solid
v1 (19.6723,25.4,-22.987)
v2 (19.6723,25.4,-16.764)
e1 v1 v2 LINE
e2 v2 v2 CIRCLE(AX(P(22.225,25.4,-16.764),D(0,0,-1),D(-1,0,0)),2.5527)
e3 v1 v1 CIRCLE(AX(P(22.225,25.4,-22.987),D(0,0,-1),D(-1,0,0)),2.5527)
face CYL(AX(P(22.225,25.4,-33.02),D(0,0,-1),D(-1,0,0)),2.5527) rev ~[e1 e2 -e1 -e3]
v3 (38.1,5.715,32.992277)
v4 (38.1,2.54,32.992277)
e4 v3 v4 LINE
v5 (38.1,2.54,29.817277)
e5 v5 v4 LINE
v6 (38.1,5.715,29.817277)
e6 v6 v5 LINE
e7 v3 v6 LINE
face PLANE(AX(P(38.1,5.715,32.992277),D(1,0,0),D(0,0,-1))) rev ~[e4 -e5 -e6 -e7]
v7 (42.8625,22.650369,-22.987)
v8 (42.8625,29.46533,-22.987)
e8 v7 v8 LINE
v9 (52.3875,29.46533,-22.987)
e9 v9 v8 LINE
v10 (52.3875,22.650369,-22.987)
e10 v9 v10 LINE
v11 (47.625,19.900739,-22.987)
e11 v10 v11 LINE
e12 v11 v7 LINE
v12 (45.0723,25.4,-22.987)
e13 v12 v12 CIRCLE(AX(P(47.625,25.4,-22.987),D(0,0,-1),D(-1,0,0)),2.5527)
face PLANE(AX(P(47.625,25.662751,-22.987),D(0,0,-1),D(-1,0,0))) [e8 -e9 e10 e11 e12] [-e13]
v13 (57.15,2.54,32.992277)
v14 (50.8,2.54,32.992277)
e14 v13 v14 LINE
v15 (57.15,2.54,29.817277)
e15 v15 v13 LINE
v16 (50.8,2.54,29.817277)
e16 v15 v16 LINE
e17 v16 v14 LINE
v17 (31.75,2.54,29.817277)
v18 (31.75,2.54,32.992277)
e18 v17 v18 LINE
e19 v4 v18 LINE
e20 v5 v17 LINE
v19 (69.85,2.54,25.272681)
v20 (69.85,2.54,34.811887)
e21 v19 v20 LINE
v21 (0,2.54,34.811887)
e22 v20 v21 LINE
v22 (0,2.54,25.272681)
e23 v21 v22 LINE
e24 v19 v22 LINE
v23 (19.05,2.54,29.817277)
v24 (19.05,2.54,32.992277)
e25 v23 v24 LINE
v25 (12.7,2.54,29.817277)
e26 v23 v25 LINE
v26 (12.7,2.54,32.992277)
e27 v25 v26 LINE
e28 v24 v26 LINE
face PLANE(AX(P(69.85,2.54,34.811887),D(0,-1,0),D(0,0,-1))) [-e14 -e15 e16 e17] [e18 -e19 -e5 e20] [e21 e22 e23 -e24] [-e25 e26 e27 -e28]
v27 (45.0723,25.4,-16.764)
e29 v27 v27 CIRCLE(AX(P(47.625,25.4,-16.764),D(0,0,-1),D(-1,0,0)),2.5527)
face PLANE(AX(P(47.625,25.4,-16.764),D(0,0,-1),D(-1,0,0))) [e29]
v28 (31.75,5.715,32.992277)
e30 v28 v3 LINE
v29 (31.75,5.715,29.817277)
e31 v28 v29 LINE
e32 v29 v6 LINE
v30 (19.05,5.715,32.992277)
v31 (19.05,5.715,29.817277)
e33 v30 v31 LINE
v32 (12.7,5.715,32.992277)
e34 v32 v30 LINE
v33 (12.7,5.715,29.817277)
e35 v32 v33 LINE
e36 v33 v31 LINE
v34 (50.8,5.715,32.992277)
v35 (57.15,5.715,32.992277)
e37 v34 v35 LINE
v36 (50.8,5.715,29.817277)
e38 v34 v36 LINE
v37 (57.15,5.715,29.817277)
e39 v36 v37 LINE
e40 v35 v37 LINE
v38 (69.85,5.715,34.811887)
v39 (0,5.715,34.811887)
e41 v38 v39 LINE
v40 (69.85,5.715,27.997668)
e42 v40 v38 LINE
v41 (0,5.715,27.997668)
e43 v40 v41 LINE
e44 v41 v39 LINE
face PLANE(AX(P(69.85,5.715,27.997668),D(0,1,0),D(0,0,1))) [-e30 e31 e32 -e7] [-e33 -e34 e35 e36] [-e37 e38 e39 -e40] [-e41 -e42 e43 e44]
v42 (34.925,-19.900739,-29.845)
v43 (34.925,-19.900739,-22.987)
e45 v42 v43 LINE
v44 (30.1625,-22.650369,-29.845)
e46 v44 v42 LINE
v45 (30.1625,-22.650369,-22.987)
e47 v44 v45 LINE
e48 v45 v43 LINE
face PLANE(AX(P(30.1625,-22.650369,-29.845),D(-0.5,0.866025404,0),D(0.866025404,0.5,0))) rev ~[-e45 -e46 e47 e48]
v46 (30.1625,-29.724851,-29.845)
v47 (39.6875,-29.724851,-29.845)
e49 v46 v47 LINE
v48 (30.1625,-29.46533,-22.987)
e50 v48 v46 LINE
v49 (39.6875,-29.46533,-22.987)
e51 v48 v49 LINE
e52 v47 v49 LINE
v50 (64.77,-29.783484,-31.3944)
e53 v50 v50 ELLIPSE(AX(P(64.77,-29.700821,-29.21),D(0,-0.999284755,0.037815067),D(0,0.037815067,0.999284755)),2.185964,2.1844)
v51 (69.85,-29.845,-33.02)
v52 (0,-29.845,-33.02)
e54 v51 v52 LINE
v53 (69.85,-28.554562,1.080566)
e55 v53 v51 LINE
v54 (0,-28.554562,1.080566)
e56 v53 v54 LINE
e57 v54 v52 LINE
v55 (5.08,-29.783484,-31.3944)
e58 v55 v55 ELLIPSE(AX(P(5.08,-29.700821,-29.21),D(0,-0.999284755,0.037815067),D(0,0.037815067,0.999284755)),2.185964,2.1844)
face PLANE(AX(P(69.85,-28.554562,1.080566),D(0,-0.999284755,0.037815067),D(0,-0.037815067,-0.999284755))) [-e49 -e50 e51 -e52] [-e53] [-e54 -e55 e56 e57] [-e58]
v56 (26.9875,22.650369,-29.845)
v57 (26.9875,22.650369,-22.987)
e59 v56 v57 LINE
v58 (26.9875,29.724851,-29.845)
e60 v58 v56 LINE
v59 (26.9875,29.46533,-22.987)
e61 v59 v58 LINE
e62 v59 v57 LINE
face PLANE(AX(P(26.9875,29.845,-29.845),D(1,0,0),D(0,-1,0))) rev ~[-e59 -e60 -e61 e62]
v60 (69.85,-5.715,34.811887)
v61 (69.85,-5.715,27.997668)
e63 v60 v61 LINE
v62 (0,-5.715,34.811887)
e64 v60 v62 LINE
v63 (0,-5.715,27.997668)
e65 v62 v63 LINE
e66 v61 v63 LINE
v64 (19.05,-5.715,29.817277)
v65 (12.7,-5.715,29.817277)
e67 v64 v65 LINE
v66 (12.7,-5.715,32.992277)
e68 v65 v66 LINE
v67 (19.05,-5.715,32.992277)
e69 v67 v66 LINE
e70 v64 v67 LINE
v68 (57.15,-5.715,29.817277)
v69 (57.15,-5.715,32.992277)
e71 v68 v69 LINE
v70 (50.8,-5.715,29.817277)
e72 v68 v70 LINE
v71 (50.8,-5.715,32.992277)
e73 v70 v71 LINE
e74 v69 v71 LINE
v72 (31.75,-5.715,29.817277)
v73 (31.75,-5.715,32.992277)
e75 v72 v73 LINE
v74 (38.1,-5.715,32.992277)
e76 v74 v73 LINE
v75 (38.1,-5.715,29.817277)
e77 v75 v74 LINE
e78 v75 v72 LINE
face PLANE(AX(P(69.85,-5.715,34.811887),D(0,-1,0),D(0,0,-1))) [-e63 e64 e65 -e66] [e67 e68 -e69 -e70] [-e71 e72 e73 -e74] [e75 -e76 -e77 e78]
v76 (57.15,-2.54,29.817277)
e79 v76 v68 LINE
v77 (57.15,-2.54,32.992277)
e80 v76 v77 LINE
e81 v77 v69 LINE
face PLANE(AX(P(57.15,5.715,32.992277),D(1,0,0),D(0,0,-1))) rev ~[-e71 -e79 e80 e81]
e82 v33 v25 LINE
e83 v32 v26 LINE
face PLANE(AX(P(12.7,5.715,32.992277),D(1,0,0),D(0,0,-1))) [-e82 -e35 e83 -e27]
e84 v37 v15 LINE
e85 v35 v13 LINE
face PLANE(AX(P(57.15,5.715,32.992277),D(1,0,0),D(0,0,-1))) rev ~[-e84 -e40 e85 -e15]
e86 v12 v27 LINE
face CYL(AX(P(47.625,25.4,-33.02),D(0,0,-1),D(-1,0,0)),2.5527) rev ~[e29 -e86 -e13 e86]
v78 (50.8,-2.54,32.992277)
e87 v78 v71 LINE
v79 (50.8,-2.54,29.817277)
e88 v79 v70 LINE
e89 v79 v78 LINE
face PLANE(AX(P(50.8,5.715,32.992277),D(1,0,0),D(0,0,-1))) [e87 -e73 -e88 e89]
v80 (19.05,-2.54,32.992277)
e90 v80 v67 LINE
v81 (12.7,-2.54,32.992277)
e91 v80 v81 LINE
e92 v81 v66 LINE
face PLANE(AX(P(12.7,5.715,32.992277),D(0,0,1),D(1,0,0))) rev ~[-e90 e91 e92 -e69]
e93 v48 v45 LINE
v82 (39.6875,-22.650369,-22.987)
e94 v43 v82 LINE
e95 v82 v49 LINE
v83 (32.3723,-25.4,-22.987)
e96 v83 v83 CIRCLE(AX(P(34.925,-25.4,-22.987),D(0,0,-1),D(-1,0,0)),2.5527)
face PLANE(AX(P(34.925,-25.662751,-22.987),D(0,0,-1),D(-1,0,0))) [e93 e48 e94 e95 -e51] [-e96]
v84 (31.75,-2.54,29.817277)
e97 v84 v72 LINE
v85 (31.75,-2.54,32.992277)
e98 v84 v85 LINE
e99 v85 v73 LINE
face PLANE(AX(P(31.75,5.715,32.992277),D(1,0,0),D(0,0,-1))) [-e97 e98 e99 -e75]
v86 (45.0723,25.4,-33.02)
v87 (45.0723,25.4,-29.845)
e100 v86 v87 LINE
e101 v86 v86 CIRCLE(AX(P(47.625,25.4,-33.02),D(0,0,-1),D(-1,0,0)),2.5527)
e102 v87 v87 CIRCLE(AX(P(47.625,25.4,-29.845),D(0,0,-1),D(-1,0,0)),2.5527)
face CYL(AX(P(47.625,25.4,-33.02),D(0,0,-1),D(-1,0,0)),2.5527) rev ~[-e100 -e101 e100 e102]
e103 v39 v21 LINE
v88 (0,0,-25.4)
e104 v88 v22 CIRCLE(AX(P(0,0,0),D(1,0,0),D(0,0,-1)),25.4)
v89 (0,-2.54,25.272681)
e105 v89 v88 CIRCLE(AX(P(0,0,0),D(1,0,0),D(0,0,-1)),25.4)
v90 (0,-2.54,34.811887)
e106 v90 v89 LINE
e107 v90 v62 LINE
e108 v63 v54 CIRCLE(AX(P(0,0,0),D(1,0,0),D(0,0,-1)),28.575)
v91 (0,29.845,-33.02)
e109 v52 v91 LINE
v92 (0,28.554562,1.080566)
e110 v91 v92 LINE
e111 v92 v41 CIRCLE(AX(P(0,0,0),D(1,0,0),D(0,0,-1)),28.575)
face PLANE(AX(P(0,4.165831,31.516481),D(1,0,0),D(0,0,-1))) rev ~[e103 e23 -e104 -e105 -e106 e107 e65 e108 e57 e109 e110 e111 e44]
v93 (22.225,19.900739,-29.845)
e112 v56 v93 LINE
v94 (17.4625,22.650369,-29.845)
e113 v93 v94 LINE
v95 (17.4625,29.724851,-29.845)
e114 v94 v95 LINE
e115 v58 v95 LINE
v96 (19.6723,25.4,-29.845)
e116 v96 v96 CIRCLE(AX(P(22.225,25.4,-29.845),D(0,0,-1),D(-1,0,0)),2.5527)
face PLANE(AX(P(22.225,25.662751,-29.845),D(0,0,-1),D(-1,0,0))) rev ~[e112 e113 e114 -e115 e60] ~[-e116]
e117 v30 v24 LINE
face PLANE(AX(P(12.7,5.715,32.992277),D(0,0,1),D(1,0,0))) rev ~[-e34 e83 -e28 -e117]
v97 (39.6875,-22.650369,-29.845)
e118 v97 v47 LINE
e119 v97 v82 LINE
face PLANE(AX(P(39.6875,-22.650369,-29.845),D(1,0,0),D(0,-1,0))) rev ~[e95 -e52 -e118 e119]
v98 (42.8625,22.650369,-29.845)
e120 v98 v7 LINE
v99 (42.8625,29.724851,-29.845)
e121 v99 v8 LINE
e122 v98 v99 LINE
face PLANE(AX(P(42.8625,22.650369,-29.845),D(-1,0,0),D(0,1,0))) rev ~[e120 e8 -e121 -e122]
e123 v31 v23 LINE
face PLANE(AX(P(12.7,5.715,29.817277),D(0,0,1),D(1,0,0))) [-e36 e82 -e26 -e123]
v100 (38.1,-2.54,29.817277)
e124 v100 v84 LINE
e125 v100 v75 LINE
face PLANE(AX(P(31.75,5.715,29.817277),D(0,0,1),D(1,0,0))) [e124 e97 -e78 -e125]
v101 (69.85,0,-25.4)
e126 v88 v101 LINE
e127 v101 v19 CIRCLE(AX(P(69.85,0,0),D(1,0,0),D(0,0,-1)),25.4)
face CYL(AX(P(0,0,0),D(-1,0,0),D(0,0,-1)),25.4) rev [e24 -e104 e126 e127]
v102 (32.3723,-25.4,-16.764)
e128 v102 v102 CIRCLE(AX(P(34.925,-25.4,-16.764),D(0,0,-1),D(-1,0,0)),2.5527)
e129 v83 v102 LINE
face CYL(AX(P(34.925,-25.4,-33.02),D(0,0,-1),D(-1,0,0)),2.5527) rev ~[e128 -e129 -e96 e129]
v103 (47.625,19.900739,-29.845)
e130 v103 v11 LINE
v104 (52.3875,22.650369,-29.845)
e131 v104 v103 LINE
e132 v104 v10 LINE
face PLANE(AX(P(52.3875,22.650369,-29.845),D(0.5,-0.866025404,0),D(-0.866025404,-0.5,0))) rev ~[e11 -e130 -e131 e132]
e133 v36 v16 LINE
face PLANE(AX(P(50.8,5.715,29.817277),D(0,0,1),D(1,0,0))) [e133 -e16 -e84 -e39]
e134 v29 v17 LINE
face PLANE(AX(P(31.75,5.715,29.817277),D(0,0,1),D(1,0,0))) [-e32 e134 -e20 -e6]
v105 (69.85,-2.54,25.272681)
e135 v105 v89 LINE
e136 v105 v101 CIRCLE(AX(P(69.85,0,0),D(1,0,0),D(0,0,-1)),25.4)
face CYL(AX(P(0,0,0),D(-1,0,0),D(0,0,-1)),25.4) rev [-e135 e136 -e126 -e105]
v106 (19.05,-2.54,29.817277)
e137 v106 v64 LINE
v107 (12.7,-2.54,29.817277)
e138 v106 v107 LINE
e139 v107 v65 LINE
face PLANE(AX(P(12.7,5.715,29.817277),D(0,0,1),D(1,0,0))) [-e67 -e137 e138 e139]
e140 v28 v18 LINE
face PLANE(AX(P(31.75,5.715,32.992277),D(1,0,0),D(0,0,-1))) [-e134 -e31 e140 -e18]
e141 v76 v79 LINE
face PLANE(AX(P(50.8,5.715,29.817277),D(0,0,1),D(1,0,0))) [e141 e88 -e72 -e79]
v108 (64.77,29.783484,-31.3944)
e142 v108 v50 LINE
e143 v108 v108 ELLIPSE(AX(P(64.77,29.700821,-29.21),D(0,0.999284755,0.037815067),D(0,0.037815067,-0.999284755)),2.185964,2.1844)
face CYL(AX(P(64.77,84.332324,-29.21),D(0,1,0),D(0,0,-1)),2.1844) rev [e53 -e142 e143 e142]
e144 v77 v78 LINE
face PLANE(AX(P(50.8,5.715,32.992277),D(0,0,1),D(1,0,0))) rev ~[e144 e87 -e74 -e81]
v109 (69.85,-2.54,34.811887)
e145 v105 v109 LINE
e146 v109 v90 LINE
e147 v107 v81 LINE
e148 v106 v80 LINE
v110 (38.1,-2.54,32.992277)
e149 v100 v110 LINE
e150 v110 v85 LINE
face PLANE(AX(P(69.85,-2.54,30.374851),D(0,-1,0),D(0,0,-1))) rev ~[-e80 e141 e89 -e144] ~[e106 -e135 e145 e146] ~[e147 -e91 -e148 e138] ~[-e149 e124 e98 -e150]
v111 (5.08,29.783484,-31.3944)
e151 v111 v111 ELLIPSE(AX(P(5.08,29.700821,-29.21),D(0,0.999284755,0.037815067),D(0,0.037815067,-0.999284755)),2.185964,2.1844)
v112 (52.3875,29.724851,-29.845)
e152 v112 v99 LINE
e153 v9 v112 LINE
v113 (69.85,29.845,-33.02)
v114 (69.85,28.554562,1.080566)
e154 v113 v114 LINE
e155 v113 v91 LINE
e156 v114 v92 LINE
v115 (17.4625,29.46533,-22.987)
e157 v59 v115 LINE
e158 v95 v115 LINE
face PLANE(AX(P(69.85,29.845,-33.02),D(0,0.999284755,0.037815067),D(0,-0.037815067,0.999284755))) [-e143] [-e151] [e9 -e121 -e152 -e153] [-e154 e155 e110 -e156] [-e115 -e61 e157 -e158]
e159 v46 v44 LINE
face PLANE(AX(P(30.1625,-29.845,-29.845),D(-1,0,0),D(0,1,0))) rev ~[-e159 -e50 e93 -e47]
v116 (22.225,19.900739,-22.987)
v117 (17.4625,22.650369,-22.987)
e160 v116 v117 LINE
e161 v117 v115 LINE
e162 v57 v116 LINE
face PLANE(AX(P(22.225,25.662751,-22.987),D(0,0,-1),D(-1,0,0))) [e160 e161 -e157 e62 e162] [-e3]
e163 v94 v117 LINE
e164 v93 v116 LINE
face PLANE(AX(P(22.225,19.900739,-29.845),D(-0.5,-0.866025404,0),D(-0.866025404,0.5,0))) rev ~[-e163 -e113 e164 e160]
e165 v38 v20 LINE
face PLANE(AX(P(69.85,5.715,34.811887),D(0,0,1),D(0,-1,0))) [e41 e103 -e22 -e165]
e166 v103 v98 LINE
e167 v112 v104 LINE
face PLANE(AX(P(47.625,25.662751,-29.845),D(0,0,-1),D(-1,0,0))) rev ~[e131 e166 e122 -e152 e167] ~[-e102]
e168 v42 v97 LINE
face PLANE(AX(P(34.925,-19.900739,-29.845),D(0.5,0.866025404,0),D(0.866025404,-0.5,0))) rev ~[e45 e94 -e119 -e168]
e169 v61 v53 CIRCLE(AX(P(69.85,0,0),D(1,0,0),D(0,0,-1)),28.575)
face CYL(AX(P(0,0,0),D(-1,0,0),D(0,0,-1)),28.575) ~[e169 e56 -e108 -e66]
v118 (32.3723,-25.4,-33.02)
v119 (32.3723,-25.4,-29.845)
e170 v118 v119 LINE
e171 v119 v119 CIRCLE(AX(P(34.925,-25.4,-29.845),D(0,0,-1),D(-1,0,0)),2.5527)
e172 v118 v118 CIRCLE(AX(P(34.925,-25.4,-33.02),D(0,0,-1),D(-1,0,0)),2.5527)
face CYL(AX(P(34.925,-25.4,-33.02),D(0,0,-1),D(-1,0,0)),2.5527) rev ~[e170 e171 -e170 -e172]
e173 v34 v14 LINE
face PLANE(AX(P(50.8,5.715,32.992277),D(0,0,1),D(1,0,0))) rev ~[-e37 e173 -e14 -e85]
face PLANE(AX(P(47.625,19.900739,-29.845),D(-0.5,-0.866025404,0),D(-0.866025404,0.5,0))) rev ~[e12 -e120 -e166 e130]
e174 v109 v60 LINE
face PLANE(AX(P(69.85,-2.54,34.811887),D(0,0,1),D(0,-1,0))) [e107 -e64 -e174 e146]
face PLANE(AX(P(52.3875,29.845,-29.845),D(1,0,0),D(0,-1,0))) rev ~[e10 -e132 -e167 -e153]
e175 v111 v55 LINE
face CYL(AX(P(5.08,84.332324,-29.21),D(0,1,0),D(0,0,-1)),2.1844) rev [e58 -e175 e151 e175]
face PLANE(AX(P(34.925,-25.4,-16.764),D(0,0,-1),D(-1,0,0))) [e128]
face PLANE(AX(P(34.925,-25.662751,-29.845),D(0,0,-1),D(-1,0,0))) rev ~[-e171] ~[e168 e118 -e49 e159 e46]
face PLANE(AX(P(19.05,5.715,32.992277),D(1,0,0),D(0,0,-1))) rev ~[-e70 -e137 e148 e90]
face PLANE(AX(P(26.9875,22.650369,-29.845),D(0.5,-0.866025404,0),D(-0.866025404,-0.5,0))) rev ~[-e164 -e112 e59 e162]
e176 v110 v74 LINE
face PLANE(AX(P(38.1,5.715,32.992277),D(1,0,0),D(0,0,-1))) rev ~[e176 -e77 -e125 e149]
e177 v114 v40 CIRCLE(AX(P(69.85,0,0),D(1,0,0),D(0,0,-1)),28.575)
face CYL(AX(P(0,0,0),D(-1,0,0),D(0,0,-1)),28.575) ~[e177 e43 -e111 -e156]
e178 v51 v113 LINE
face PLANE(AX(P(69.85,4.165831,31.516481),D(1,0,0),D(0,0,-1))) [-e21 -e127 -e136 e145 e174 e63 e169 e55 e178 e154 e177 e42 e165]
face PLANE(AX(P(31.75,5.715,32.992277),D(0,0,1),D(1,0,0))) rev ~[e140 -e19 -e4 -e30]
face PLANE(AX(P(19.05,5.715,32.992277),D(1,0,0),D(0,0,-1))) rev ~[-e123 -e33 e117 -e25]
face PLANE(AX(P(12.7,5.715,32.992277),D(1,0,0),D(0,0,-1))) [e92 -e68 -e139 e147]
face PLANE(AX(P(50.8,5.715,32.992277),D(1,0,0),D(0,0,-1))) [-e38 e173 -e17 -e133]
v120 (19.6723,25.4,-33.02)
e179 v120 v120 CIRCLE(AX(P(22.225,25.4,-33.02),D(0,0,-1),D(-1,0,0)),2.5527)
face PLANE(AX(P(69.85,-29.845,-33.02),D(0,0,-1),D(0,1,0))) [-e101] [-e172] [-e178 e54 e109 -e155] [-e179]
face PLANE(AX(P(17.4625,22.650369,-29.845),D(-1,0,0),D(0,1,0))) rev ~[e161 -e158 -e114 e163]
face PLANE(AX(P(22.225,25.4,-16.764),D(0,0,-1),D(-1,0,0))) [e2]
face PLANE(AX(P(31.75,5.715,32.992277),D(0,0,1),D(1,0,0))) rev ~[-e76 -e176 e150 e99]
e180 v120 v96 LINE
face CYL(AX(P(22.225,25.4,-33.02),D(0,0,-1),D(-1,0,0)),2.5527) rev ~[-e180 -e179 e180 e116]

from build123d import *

# Parameters (mm, degrees)
SKETCH1_R               = 28.575
SKETCH1_R_2             = 25.4
BOSS_EXTRUDE1_DEPTH     = 69.85
BOSS_EXTRUDE2_DEPTH     = 69.85
SKETCH4_R               = 2.5527
CUT_EXTRUDE1_DEPTH      = 16.256
CUT_EXTRUDE2_DEPTH      = 6.858
SKETCH9_W               = 9.949702626
SKETCH9_H               = 5.08
CUT_EXTRUDE3_DEPTH      = 83.825520976
BOSS_EXTRUDE3_DEPTH     = 69.85
SKETCH11_W              = 6.35
SKETCH11_H              = 3.175
CUT_EXTRUDE4_DEPTH      = 86.763649601
CUT_EXTRUDE5_DEPTH      = 84.332323558
CUT_EXTRUDE5_DEPTH_BACK = 84.332323558
SKETCH13_R              = 2.1844


with BuildPart() as part:
    # Sketch1 → Boss-Extrude1 (new body)
    with BuildSketch(Plane(origin=(0, 0, 0), x_dir=(0, 0, -1), z_dir=(1, 0, 0))):
        Circle(SKETCH1_R)
        Circle(SKETCH1_R_2, mode=Mode.SUBTRACT)
    extrude(amount=BOSS_EXTRUDE1_DEPTH)

    # Sketch2 → Boss-Extrude2 (add, through all)
    with BuildSketch(Plane(origin=(69.85, 0, 0), x_dir=(0, 0, -1), z_dir=(1, 0, 0))):
        with BuildLine():
            Line((33.02, -29.845), (33.02, 29.845))
            Line((33.02, 29.845), (-1.080565529, 28.554561862))
            ThreePointArc((-1.080565529, 28.554561862), (28.575, 0), (-1.080565529, -28.554561862))
            Line((-1.080565529, -28.554561862), (33.02, -29.845))
        make_face()
    extrude(amount=-BOSS_EXTRUDE2_DEPTH)

    # Sketch4 → Cut-Extrude1 (cut)
    with BuildSketch(Plane(origin=(0, 0, -33.02), x_dir=(-1, 0, 0), z_dir=(0, 0, -1))):
        with Locations((-47.625, 25.4)):
            Circle(SKETCH4_R)
        with Locations((-22.225, 25.4)):
            Circle(SKETCH4_R)
        with Locations((-34.925, -25.4)):
            Circle(SKETCH4_R)
    extrude(amount=-CUT_EXTRUDE1_DEPTH, mode=Mode.SUBTRACT)

    # Sketch7 → Cut-Extrude2 (cut)
    with BuildSketch(Plane(origin=(0, 0, -29.845), x_dir=(-1, 0, 0), z_dir=(0, 0, -1))):
        Polygon((-47.625, 19.900738686), (-42.8625, 22.650369343), (-42.8625, 29.845), (-45.79896584, 29.845), (-49.45103416, 29.845), (-52.3875, 29.845), (-52.3875, 22.650369343), align=None)
        Polygon((-24.05103416, 29.845), (-26.9875, 29.845), (-26.9875, 22.650369343), (-22.225, 19.900738686), (-17.4625, 22.650369343), (-17.4625, 29.845), (-20.39896584, 29.845), align=None)
        Polygon((-39.6875, -22.650369343), (-39.6875, -29.845), (-36.75103416, -29.845), (-33.09896584, -29.845), (-30.1625, -29.845), (-30.1625, -22.650369343), (-34.925, -19.900738686), align=None)
    extrude(amount=-CUT_EXTRUDE2_DEPTH, mode=Mode.SUBTRACT)

    # Sketch9 → Cut-Extrude3 (cut, through all)
    with BuildSketch(Plane(origin=(69.85, 0, 0), x_dir=(0, 0, -1), z_dir=(1, 0, 0))):
        with Locations((-25.4, 0)):
            Rectangle(SKETCH9_W, SKETCH9_H)
    extrude(amount=-CUT_EXTRUDE3_DEPTH, mode=Mode.SUBTRACT)

    # Sketch10 → Boss-Extrude3 (add, through all)
    with BuildSketch(Plane(origin=(69.85, 0, 0), x_dir=(0, 0, -1), z_dir=(1, 0, 0))):
        with BuildLine():
            Line((-34.811887235, 2.54), (-28.461887235, 2.54))
            ThreePointArc((-28.461887235, 2.54), (-28.274378752, 4.134021188), (-27.99766776, 5.715))
            Line((-27.99766776, 5.715), (-34.811887235, 5.715))
            Line((-34.811887235, 5.715), (-34.811887235, 2.54))
        make_face()
        with BuildLine():
            ThreePointArc((-27.99766776, -5.715), (-28.274378752, -4.134021188), (-28.461887235, -2.54))
            Line((-28.461887235, -2.54), (-34.811887235, -2.54))
            Line((-34.811887235, -2.54), (-34.811887235, -5.715))
            Line((-34.811887235, -5.715), (-27.99766776, -5.715))
        make_face()
    extrude(amount=-BOSS_EXTRUDE3_DEPTH)

    # Sketch11 → Cut-Extrude4 (cut, through all)
    with BuildSketch(Plane(origin=(0, 5.715, 0), x_dir=(1, 0, 0), z_dir=(0, 1, 0))):
        with Locations((53.975, -31.404777498)):
            Rectangle(SKETCH11_W, SKETCH11_H)
        with Locations((34.925, -31.404777498)):
            Rectangle(SKETCH11_W, SKETCH11_H)
        with Locations((15.875, -31.404777498)):
            Rectangle(SKETCH11_W, SKETCH11_H)
    extrude(amount=-CUT_EXTRUDE4_DEPTH, mode=Mode.SUBTRACT)

    # Sketch13 → Cut-Extrude5 (cut, two sides: drawn at the far end of the back side and taken through both)
    with BuildSketch(Plane(origin=(0, 0, 0.540476051), x_dir=(1, 0, 0), z_dir=(0, -1, 0)).offset(-CUT_EXTRUDE5_DEPTH_BACK)):
        with Locations(Location((64.77, -29.750476051, 0), (0, 0, 270))):
            Circle(SKETCH13_R)
        with Locations(Location((5.08, -29.750476051, 0), (0, 0, 270))):
            Circle(SKETCH13_R)
    extrude(amount=CUT_EXTRUDE5_DEPTH + CUT_EXTRUDE5_DEPTH_BACK, mode=Mode.SUBTRACT)


solid = part.part
